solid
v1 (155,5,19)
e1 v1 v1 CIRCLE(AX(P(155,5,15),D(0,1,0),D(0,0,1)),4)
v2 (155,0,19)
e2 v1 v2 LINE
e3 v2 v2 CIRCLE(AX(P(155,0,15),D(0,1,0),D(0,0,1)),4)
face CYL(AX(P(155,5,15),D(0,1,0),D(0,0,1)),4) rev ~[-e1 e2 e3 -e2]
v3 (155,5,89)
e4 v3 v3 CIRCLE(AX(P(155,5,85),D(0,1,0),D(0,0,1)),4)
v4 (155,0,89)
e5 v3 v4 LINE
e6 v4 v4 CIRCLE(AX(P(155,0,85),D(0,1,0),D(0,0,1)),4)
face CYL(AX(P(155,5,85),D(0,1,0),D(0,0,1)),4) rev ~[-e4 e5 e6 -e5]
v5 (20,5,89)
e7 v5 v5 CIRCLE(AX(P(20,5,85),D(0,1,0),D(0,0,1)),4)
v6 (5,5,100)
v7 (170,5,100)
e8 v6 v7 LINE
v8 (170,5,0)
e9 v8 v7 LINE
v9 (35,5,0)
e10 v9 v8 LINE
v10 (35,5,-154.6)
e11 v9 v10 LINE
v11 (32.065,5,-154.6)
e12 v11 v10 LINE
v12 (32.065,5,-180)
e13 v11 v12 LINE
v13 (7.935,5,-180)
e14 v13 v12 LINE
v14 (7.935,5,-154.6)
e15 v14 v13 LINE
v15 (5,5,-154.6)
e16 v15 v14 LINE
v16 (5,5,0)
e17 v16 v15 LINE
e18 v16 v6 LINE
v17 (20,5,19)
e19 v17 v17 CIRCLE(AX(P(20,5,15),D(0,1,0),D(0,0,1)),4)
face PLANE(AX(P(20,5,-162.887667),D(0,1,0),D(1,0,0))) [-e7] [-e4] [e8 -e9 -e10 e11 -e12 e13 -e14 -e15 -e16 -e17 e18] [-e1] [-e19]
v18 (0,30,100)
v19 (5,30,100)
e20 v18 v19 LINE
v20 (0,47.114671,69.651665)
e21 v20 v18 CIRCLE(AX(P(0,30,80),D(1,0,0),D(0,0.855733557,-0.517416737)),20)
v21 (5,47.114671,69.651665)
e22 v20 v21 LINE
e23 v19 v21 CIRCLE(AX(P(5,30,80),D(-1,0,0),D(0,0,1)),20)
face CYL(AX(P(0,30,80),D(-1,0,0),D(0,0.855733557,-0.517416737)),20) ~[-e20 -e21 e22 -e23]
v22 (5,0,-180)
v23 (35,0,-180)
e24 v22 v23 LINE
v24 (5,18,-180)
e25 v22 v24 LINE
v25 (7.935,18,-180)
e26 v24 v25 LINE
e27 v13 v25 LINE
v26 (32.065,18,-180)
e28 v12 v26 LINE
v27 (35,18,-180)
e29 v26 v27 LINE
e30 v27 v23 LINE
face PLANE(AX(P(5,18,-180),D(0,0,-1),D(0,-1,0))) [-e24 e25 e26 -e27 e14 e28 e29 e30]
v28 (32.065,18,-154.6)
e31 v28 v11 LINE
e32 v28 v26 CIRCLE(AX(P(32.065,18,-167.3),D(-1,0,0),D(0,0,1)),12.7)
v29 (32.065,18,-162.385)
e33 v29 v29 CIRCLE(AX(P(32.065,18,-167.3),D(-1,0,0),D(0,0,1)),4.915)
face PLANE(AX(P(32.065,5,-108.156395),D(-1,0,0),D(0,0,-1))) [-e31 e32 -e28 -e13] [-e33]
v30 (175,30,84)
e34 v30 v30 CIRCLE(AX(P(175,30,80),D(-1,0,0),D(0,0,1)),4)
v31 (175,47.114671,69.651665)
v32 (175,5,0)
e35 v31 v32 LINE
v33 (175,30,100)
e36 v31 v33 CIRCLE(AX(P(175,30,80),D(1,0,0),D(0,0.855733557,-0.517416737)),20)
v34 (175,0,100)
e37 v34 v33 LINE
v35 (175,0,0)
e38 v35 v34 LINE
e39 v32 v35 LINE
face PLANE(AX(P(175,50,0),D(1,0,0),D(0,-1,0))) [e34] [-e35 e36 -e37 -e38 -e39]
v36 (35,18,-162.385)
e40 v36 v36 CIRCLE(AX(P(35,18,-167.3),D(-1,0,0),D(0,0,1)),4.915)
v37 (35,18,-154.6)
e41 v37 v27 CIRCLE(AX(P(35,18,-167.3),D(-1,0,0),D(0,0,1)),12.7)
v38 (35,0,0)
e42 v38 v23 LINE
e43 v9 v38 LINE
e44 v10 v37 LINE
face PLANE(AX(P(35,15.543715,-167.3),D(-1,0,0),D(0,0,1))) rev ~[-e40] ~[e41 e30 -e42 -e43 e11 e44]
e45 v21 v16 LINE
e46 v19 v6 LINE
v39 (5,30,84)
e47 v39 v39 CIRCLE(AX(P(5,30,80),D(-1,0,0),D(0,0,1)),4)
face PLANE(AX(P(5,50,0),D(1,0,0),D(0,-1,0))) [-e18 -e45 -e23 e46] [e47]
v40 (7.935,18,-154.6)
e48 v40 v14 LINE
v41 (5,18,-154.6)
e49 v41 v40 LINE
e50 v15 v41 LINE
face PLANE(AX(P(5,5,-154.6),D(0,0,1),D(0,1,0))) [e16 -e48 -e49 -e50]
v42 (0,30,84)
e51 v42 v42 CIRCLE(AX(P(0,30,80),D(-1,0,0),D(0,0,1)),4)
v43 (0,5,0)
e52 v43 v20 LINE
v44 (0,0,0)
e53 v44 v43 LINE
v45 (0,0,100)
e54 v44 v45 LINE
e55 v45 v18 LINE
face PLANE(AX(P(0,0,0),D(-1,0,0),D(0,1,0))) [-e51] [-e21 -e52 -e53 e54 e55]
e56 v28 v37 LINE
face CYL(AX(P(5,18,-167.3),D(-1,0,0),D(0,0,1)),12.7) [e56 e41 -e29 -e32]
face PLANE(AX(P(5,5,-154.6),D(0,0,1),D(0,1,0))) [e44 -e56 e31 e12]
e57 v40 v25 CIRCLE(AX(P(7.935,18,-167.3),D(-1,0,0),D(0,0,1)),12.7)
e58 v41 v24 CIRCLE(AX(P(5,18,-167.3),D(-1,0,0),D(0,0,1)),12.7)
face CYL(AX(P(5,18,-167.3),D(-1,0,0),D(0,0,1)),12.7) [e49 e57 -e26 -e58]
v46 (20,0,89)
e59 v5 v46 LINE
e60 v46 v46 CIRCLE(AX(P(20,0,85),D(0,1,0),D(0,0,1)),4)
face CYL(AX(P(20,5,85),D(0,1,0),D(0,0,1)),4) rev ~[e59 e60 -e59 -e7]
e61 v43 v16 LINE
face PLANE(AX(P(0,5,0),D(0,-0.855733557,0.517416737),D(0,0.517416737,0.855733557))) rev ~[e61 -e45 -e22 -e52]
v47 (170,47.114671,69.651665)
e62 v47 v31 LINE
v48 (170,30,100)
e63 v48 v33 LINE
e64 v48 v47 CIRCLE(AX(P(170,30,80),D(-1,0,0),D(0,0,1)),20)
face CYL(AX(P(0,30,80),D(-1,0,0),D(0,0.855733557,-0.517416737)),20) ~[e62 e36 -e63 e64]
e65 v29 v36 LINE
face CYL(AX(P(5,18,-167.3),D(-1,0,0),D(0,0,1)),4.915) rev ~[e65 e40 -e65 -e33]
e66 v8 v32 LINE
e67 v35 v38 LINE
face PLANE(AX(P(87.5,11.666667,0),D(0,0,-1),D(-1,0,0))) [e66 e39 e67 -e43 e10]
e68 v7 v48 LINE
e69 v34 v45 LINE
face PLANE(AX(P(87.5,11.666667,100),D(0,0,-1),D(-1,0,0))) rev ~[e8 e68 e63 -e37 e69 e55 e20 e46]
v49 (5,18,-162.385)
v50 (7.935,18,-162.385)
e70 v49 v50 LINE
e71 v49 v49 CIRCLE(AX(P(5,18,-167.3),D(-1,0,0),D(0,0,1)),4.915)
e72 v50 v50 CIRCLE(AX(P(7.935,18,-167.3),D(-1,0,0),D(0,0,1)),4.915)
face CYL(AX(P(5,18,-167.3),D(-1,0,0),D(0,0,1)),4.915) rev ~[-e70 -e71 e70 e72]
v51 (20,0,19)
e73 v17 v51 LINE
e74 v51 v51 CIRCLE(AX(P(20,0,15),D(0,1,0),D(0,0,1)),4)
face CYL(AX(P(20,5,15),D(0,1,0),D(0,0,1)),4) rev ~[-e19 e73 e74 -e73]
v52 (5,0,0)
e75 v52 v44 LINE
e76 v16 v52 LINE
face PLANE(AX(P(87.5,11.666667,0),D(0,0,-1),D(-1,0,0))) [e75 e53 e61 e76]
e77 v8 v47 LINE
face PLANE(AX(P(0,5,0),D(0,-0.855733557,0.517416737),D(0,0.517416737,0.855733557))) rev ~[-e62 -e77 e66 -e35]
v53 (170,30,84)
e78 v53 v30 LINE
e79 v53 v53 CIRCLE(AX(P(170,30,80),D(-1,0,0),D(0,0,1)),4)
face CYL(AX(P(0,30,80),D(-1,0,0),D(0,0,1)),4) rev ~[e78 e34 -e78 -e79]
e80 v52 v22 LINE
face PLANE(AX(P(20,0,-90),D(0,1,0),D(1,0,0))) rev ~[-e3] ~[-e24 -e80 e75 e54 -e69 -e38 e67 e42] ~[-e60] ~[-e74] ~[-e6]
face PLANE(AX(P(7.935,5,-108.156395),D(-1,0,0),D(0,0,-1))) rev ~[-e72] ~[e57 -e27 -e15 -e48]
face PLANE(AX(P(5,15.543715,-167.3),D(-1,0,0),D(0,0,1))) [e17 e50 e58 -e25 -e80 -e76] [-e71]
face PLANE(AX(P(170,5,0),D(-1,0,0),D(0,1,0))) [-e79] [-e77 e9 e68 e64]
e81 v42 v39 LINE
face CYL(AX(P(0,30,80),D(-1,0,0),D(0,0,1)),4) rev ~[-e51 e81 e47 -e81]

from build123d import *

# Parameters (mm, degrees)
BOSS_EXTRUDE1_DEPTH = 100
SKETCH2_R           = 4
CUT_EXTRUDE1_DEPTH  = 208.665596573
SKETCH3_R           = 4
CUT_EXTRUDE2_DEPTH  = 207.518764281
SKETCH4_W           = 30
SKETCH4_H           = 180
BOSS_EXTRUDE2_DEPTH = 5
SKETCH5_R           = 4.915
BOSS_EXTRUDE3_DEPTH = 30
SKETCH6_W           = 24.13
SKETCH6_H           = 109.462544294
CUT_EXTRUDE3_DEPTH  = 256.049014897


with BuildPart() as part:
    # Sketch1 → Boss-Extrude1 (new body)
    with BuildSketch(Plane.XY):
        Polygon((0, 50), (5, 50), (5, 5), (170, 5), (170, 50), (175, 50), (175, 0), (0, 0), align=None)
    extrude(amount=BOSS_EXTRUDE1_DEPTH)

    # Sketch2 → Cut-Extrude1 (cut, through all)
    with BuildSketch(Plane.ZY):
        with Locations((80, 30)):
            Circle(SKETCH2_R)
        with BuildLine():
            Line((100, 30), (100, 5))
            Line((100, 5), (131.663980624, 33.697237635))
            Line((131.663980624, 33.697237635), (100, 64.741873333))
            Line((100, 64.741873333), (-14.790865649, 55.926144723))
            Line((-14.790865649, 55.926144723), (0, 5))
            Line((0, 5), (69.651665268, 47.114671141))
            ThreePointArc((69.651665268, 47.114671141), (89.824288915, 47.420773442), (100, 30))
        make_face()
    extrude(amount=-CUT_EXTRUDE1_DEPTH, mode=Mode.SUBTRACT)

    # Sketch3 → Cut-Extrude2 (cut, through all)
    with BuildSketch(Plane(origin=(0, 5, 0), x_dir=(1, 0, 0), z_dir=(0, 1, 0))):
        with Locations(Location((20, -15, 0), (0, 0, 270))):
            Circle(SKETCH3_R)
        with Locations(Location((155, -15, 0), (0, 0, 270))):
            Circle(SKETCH3_R)
        with Locations(Location((155, -85, 0), (0, 0, 270))):
            Circle(SKETCH3_R)
        with Locations(Location((20, -85, 0), (0, 0, 270))):
            Circle(SKETCH3_R)
    extrude(amount=-CUT_EXTRUDE2_DEPTH, mode=Mode.SUBTRACT)

    # Sketch4 → Boss-Extrude2 (add)
    with BuildSketch(Plane(origin=(0, 5, 0), x_dir=(1, 0, 0), z_dir=(0, 1, 0))):
        with Locations((20, 90)):
            Rectangle(SKETCH4_W, SKETCH4_H)
    extrude(amount=-BOSS_EXTRUDE2_DEPTH)

    # Sketch5 → Boss-Extrude3 (add)
    with BuildSketch(Plane.ZY.offset(-5)):
        with BuildLine():
            Line((-180, 18), (-180, 5))
            Line((-180, 5), (-154.6, 5))
            Line((-154.6, 5), (-154.6, 18))
            ThreePointArc((-154.6, 18), (-167.3, 30.7), (-180, 18))
        make_face()
        with Locations((-167.3, 18)):
            Circle(SKETCH5_R, mode=Mode.SUBTRACT)
    extrude(amount=-BOSS_EXTRUDE3_DEPTH)

    # Sketch6 → Cut-Extrude3 (cut, through all)
    with BuildSketch(Plane(origin=(0, 5, 0), x_dir=(1, 0, 0), z_dir=(0, 1, 0))):
        with Locations((20, 162.88766727)):
            Rectangle(SKETCH6_W, SKETCH6_H)
    extrude(amount=CUT_EXTRUDE3_DEPTH, mode=Mode.SUBTRACT)


solid = part.part
